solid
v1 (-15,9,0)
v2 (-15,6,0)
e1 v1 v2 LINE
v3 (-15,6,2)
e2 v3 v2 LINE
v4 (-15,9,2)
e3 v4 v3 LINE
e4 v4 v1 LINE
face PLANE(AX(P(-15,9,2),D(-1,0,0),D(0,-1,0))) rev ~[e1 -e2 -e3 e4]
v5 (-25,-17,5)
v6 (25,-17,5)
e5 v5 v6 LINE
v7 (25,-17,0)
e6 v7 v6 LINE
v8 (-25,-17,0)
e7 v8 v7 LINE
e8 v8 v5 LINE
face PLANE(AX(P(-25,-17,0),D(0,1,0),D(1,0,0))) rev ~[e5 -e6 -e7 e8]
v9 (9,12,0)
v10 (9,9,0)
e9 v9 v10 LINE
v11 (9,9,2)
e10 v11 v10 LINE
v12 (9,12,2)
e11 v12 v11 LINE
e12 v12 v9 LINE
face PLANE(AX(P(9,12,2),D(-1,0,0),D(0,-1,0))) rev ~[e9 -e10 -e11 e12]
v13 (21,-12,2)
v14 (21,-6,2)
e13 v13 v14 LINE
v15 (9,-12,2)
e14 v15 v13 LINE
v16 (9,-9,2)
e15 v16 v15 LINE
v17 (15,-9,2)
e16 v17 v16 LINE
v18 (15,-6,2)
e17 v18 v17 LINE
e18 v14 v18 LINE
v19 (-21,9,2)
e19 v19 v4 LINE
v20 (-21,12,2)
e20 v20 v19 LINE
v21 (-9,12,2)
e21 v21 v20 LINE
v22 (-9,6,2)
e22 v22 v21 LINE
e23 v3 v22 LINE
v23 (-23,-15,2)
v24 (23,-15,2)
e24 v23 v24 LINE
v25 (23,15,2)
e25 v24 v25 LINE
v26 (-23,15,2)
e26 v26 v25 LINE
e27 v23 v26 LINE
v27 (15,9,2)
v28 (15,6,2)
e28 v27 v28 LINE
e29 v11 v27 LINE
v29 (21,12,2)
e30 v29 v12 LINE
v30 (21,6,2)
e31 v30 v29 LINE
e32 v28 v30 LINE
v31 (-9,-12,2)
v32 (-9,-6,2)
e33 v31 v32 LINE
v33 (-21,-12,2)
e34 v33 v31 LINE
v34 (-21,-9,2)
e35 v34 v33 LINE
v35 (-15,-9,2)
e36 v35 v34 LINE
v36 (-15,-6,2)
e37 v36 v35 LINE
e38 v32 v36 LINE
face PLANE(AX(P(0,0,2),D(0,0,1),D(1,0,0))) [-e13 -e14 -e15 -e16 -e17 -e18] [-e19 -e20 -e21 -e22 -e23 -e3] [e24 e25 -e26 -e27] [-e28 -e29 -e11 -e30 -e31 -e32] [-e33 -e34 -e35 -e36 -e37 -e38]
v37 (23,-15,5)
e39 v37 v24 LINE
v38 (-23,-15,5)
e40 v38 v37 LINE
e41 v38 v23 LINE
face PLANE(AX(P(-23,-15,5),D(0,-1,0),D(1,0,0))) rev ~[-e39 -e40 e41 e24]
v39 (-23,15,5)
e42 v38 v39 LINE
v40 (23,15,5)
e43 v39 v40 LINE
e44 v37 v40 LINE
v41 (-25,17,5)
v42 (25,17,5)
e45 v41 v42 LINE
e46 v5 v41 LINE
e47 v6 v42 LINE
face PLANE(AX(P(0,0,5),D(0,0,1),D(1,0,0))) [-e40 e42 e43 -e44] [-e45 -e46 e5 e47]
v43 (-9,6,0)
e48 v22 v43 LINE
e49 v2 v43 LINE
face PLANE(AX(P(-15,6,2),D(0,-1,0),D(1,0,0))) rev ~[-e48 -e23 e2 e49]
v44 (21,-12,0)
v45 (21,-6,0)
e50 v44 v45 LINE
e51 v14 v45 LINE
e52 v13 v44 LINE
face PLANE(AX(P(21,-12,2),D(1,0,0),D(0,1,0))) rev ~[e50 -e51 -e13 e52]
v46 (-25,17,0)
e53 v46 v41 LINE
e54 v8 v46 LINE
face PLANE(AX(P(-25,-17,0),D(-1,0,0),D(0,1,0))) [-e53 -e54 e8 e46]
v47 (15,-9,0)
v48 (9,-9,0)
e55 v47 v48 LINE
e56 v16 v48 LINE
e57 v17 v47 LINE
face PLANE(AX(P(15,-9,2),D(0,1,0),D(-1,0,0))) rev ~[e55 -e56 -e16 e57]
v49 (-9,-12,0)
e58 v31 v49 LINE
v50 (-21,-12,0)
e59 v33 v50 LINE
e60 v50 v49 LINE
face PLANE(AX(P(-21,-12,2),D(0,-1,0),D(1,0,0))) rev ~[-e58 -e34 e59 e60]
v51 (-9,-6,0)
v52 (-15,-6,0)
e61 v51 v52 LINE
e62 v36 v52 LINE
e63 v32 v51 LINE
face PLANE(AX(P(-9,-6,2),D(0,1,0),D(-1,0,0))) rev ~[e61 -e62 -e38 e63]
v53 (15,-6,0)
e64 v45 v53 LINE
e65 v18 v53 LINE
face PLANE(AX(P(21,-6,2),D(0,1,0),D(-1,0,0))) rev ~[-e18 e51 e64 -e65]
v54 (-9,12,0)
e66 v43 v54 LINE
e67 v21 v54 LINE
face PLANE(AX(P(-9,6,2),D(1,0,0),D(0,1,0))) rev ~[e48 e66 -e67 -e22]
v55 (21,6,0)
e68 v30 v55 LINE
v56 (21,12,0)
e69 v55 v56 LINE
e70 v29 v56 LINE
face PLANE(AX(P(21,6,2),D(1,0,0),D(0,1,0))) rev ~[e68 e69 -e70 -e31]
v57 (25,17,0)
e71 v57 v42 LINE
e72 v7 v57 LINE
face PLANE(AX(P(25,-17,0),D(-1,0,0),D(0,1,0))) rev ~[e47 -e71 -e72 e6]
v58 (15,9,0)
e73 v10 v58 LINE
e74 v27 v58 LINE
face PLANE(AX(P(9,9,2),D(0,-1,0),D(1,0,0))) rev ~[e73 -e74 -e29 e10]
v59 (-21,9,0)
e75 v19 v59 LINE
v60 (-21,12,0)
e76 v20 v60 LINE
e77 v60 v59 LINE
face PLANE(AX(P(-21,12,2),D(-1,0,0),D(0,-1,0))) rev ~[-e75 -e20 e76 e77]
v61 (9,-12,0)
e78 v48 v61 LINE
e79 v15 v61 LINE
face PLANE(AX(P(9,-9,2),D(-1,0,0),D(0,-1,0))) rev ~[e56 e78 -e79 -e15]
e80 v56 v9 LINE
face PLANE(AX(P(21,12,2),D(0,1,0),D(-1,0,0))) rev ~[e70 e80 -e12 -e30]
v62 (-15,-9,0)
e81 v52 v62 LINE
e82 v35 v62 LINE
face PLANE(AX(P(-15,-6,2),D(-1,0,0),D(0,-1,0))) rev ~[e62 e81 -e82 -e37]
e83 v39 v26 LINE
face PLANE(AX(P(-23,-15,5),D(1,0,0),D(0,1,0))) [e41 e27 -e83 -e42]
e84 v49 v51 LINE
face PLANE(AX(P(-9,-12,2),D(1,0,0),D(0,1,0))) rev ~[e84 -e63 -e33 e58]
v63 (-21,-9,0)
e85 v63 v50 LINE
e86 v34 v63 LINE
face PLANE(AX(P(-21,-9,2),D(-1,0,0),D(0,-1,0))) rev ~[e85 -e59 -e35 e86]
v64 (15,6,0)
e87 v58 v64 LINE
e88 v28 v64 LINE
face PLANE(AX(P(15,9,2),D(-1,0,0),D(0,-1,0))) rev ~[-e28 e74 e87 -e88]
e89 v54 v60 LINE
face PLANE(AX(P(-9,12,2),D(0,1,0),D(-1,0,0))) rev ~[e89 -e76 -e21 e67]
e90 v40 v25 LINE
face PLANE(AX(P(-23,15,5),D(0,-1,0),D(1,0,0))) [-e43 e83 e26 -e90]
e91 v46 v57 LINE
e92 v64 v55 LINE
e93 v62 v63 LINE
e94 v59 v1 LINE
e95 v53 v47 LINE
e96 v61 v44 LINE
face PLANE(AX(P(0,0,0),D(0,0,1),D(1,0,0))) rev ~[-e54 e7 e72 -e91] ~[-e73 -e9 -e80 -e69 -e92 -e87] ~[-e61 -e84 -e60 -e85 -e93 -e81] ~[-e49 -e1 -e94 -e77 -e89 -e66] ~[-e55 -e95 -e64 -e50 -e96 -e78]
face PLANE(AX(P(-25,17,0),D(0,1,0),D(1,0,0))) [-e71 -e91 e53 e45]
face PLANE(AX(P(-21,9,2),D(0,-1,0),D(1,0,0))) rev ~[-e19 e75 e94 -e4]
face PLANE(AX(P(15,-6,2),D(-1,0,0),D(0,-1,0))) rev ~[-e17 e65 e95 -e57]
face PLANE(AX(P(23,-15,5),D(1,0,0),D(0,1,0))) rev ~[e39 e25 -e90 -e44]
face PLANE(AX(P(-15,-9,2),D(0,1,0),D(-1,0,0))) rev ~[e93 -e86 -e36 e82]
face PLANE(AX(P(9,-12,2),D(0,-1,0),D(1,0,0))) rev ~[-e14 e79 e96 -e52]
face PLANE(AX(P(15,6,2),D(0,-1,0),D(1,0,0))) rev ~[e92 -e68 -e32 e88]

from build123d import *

# Parameters (mm, degrees)
F0_W     = 50
F0_H     = 34
F1_DEPTH = 5
F2_W     = 46
F2_H     = 30
F3_DEPTH = 3
F5_DEPTH = 2


with BuildPart() as f1:
    # F0 (on Top) → F1 (new body)
    with BuildSketch(Plane.XY):
        Rectangle(F0_W, F0_H)
    extrude(amount=F1_DEPTH)

    # F2 (on face) → F3 (cut)
    with BuildSketch(Plane.XY.offset(5)):
        Rectangle(F2_W, F2_H)
    extrude(amount=-F3_DEPTH, mode=Mode.SUBTRACT)

    # F4 (on face) → F5 (cut)
    with BuildSketch(Plane.XY.offset(2)):
        Polygon((-9, 12), (-21, 12), (-21, 9), (-15, 9), (-15, 6), (-9, 6), align=None)
        Polygon((21, 12), (9, 12), (9, 9), (15, 9), (15, 6), (21, 6), align=None)
        Polygon((-15, -9), (-21, -9), (-21, -12), (-9, -12), (-9, -6), (-15, -6), align=None)
        Polygon((15, -9), (9, -9), (9, -12), (21, -12), (21, -6), (15, -6), align=None)
    extrude(amount=-F5_DEPTH, mode=Mode.SUBTRACT)


solid = f1.part
